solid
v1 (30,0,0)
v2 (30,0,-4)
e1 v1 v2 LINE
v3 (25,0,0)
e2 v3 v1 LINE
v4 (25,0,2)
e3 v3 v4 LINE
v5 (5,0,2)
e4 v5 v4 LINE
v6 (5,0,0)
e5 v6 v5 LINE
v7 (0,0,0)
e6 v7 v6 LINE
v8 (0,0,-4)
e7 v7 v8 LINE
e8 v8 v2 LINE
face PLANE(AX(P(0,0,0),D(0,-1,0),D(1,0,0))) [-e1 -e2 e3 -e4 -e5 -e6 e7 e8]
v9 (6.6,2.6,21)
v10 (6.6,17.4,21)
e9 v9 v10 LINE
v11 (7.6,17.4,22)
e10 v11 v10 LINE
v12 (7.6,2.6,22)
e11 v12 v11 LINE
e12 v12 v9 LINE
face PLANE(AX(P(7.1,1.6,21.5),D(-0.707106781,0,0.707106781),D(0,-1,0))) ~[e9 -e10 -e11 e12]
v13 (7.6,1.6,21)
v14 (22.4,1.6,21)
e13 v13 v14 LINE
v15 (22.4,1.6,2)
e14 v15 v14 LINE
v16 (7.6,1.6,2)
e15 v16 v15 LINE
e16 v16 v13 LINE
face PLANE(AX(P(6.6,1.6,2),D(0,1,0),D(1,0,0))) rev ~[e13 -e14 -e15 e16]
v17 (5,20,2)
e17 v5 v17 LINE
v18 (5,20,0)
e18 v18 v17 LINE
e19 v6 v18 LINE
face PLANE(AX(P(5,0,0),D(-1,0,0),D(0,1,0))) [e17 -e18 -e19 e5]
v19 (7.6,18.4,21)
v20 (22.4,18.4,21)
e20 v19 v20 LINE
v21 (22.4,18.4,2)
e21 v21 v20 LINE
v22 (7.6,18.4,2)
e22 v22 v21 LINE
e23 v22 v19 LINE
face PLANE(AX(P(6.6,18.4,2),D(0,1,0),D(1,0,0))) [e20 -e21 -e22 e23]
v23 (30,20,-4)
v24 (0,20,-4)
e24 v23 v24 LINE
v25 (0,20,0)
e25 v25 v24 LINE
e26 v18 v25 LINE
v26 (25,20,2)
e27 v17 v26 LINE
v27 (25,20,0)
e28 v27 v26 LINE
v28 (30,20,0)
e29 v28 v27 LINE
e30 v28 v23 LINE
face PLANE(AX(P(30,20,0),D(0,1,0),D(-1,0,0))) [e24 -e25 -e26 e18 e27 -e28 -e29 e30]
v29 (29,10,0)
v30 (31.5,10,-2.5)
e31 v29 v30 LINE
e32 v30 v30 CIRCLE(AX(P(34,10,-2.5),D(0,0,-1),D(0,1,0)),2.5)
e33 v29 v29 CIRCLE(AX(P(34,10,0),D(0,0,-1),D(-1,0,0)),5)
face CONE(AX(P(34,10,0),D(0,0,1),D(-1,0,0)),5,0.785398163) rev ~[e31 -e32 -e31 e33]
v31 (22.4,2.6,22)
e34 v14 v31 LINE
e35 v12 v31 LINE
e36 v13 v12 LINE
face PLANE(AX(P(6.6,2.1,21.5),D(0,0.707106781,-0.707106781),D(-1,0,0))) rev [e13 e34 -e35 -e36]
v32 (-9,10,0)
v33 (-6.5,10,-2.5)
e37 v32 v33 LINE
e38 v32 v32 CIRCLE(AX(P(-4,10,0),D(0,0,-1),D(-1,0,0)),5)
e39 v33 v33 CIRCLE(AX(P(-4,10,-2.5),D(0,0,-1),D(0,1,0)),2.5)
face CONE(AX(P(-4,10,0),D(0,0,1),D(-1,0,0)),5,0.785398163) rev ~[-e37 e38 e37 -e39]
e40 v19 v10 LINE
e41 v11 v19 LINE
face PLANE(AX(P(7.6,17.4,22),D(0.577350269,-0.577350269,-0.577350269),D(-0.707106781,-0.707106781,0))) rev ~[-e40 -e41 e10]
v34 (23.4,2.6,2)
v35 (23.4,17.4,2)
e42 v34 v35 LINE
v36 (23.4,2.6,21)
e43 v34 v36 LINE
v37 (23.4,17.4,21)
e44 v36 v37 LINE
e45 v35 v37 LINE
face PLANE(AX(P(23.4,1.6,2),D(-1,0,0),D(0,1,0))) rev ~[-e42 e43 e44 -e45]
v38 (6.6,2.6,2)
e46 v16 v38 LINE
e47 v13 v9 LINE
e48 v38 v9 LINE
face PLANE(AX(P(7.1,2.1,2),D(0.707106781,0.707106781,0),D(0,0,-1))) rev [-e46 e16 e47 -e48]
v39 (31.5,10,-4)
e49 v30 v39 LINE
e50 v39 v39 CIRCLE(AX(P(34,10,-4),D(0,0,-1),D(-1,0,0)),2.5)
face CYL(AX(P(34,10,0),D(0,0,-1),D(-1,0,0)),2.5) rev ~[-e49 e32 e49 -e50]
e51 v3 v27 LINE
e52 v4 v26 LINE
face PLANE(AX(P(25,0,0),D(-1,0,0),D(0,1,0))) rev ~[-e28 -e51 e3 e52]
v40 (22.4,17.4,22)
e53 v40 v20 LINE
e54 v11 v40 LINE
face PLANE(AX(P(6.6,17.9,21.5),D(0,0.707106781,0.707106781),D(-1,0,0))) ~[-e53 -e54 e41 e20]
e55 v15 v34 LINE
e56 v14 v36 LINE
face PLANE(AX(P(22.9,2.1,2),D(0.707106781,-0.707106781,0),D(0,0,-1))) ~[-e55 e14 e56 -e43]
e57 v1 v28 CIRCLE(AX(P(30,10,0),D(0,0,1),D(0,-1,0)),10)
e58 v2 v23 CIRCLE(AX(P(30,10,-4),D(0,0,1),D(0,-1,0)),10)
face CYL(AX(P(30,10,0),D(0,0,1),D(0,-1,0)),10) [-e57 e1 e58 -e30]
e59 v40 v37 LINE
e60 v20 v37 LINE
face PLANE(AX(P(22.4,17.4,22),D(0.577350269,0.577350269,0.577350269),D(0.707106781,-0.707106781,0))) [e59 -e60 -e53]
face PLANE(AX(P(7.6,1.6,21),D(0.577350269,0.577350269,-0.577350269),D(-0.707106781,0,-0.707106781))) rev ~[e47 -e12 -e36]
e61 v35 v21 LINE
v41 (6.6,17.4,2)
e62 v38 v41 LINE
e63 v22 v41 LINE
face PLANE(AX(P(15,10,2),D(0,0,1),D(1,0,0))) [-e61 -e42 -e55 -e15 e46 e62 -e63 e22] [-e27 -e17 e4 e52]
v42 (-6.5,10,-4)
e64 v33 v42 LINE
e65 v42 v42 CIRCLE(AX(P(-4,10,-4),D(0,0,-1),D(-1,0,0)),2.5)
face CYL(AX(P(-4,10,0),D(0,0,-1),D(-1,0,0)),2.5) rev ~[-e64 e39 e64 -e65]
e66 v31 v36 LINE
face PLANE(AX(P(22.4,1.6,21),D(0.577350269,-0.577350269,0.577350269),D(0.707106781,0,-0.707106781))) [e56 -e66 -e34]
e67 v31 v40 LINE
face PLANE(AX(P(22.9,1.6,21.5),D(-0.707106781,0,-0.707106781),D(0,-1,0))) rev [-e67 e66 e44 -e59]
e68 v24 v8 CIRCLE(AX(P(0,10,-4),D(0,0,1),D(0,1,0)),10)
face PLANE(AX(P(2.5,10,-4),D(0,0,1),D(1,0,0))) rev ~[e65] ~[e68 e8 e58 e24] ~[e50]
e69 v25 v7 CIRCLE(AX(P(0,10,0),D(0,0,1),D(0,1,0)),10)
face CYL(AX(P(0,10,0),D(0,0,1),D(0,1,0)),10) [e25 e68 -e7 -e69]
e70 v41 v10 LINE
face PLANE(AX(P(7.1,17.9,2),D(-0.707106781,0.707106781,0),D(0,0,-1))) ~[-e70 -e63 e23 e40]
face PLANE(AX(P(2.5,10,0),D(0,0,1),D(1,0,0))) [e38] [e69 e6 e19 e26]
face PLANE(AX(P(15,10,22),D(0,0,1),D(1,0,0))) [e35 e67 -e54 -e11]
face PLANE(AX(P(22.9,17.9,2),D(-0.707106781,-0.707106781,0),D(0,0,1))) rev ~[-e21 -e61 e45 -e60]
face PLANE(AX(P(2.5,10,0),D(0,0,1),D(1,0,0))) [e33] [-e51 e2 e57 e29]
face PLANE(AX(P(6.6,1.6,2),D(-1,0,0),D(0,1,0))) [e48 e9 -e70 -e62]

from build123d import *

# Parameters (mm, degrees)
F0_W           = 20
F0_H           = 20
F1_DEPTH       = 2
F0_W_2         = 5
F2_DEPTH       = 4
F3_W           = 16.8
F3_H           = 16.8
F4_DEPTH       = 20
F5_SIZE        = 1
F6_D           = 5
F6_CSINK_D     = 10
F6_CSINK_ANGLE = 90


with BuildPart() as f1:
    # F0 (on Top) → F1 (new body)
    with BuildSketch(Plane.XY):
        with Locations((15, 10)):
            Rectangle(F0_W, F0_H)
    extrude(amount=F1_DEPTH)

    # F0 (on Top) → F2 (join)
    with BuildSketch(Plane.XY):
        with Locations((2.5, 10)):
            Rectangle(F0_W_2, F0_H)
        with BuildLine():
            ThreePointArc((0, 20), (-10, 10), (0, 0))
            Line((0, 0), (0, 20))
        make_face()
        with Locations((15, 10)):
            Rectangle(F0_W, F0_H)
        with Locations((27.5, 10)):
            Rectangle(F0_W_2, F0_H)
        with BuildLine():
            Line((30, 20), (30, 0))
            ThreePointArc((30, 0), (40, 10), (30, 20))
        make_face()
    extrude(amount=-F2_DEPTH)

    # F3 (on face) → F4 (join)
    with BuildSketch(Plane.XY.offset(2)):
        with Locations((15, 10)):
            Rectangle(F3_W, F3_H)
    extrude(amount=F4_DEPTH)

    # F5
    f5_edges = [f1.edges().sort_by_distance(p)[0] for p in [
        (23.4, 18.4, 12),
        (6.6, 18.4, 12),
        (15, 18.4, 22),
        (6.6, 10, 22),
        (23.4, 10, 22),
        (15, 1.6, 22),
        (23.4, 1.6, 12),
        (6.6, 1.6, 12),
    ]]
    chamfer(f5_edges, length=F5_SIZE)

    # F6 (through all)
    with Locations(Plane.XY):
        with Locations((-4, 10), (34, 10)):
            CounterSinkHole(F6_D / 2, F6_CSINK_D / 2, counter_sink_angle=F6_CSINK_ANGLE)


solid = f1.part
